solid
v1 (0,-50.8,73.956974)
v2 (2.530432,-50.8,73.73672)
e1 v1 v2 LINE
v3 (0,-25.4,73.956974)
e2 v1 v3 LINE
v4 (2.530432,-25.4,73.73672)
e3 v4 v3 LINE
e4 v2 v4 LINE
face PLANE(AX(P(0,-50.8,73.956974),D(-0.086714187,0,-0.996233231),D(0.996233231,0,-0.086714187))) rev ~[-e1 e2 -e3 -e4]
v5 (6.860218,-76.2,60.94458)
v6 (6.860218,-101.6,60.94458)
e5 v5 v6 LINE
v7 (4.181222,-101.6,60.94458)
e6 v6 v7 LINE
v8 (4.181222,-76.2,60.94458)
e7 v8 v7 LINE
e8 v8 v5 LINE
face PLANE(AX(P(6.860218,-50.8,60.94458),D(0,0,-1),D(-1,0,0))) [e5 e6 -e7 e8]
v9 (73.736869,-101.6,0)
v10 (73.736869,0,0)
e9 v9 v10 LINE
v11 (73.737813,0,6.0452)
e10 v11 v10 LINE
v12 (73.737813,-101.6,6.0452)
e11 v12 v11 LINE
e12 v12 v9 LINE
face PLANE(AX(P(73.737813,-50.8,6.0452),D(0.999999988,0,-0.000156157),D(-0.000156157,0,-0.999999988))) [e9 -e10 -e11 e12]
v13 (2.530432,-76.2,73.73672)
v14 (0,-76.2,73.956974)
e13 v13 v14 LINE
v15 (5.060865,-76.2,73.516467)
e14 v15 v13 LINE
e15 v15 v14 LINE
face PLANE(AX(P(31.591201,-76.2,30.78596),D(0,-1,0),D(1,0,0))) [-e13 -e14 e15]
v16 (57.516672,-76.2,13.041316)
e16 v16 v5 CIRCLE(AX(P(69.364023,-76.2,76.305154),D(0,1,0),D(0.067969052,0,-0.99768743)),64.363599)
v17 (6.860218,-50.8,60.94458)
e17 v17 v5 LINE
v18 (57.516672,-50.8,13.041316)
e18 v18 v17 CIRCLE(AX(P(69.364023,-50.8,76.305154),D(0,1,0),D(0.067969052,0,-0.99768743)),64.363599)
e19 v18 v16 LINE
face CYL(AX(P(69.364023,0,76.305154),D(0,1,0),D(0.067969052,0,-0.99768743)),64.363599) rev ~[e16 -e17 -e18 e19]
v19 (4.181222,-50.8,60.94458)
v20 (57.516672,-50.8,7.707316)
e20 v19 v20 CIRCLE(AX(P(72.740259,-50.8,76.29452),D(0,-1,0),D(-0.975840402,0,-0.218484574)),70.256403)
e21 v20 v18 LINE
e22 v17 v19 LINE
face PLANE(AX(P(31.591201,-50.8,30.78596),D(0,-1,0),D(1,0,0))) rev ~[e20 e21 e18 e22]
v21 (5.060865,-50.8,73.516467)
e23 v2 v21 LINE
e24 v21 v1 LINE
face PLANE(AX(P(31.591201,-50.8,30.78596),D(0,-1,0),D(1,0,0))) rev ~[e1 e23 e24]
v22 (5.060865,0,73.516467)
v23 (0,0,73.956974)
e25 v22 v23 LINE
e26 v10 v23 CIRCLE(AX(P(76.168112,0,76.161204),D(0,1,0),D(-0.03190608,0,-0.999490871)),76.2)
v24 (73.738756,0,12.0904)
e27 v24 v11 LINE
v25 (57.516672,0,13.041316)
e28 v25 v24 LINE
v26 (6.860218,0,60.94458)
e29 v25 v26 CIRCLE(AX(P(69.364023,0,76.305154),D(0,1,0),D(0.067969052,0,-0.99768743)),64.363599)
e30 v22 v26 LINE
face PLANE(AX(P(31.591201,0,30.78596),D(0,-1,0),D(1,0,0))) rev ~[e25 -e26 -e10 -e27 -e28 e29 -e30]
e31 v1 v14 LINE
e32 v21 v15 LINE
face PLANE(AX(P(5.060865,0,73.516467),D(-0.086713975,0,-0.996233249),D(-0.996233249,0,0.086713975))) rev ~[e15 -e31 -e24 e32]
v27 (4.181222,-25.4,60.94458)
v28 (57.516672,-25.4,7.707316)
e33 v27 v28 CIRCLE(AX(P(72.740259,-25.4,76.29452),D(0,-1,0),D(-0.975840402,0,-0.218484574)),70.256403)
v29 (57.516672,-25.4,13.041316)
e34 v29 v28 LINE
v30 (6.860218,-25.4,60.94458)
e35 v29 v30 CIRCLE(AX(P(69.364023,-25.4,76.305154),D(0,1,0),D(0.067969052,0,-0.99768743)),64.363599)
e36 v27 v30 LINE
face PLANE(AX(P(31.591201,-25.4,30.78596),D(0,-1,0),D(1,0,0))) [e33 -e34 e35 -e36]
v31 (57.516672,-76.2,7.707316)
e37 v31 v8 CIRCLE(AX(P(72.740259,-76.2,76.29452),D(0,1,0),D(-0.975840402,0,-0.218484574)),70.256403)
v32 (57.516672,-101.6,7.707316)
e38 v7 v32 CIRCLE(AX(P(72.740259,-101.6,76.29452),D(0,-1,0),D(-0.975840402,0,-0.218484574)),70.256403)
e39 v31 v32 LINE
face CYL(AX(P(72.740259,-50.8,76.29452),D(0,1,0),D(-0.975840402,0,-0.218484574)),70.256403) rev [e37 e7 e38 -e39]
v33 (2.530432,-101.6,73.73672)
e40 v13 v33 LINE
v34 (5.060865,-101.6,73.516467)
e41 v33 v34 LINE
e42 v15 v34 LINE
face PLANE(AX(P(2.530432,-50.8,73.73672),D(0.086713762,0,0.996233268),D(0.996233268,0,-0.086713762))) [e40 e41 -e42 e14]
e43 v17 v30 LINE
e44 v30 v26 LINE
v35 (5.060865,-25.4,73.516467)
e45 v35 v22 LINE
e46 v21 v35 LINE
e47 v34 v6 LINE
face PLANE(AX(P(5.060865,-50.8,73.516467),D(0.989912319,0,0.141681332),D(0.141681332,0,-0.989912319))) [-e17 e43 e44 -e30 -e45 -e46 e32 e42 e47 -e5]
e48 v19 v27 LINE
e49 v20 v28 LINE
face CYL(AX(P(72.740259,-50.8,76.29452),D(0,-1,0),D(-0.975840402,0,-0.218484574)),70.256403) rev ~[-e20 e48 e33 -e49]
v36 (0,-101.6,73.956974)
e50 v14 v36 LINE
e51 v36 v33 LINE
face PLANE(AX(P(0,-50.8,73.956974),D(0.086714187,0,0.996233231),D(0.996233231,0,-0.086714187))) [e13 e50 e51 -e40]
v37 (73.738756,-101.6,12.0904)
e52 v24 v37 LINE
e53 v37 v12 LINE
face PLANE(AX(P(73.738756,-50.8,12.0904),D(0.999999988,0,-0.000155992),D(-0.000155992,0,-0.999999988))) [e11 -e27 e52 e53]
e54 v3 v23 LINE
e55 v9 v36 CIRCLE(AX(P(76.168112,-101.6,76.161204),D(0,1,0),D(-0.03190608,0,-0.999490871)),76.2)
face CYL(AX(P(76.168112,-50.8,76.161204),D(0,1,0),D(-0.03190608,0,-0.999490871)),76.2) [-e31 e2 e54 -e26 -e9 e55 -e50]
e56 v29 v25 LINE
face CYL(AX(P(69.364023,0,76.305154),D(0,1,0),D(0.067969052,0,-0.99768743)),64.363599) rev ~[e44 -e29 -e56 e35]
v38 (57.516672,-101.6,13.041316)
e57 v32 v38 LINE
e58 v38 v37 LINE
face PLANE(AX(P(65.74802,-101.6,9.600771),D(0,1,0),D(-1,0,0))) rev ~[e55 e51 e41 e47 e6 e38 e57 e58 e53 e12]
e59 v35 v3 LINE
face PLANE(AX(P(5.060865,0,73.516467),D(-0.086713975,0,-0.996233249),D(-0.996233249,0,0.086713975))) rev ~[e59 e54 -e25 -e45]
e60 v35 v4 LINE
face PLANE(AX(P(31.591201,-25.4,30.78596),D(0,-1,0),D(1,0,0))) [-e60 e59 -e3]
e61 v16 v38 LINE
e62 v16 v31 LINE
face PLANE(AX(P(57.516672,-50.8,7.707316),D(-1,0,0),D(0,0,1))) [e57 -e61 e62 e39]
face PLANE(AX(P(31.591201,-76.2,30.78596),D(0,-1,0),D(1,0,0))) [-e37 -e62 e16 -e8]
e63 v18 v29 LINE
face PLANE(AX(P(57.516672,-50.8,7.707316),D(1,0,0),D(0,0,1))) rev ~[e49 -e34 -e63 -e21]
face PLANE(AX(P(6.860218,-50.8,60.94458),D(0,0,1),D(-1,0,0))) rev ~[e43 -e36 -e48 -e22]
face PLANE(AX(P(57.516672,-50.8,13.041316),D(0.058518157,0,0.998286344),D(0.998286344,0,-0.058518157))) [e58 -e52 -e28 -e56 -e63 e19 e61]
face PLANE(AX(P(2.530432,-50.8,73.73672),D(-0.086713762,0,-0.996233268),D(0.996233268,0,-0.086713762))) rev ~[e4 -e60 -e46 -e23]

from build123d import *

# Parameters (mm, degrees)
F1_DEPTH = 76.2
F2_DEPTH = 50.8
F4_DEPTH = 50.8
F5_DEPTH = 25.4
F6_DEPTH = 50.8


with BuildPart() as f1:
    # F0 (on Front) → F1 (new body)
    with BuildSketch(Plane.XZ):
        with BuildLine():
            Line((5.060865, 73.516467), (0, 73.956974))
            ThreePointArc((0, 73.956974), (22.2398, 22.393389), (73.736869, 0))
            Line((73.736869, 0), (73.738756, 12.0904))
            ThreePointArc((73.738756, 12.0904), (26.455464, 28.330906), (5.060865, 73.516467))
        make_face()
    extrude(amount=F1_DEPTH)

    # F0 (on Front) → F2 (cut)
    with BuildSketch(Plane.XZ):
        with BuildLine():
            Line((5.060865, 73.516467), (0, 73.956974))
            ThreePointArc((0, 73.956974), (22.2398, 22.393389), (73.736869, 0))
            Line((73.736869, 0), (73.738756, 12.0904))
            ThreePointArc((73.738756, 12.0904), (26.455464, 28.330906), (5.060865, 73.516467))
        make_face()
    extrude(amount=F2_DEPTH, mode=Mode.SUBTRACT)

    # F3 (on face) → F4 (join)
    with BuildSketch(Plane(origin=(0, -50.8, 0), x_dir=(-1, 0, 0), z_dir=(0, 1, 0))):
        with BuildLine():
            Line((-73.738756, 12.0904), (-73.737813, 6.0452))
            ThreePointArc((-73.737813, 6.0452), (-65.578858, 6.40406), (-57.516672, 7.707316))
            Line((-57.516672, 7.707316), (-57.516672, 13.041316))
            Line((-57.516672, 13.041316), (-73.738756, 12.0904))
        make_face()
        with BuildLine():
            ThreePointArc((-57.516672, 7.707316), (-65.578858, 6.40406), (-73.737813, 6.0452))
            Line((-73.737813, 6.0452), (-73.736869, 0))
            ThreePointArc((-73.736869, 0), (-22.206337, 22.360026), (0, 73.956974))
            Line((0, 73.956974), (-2.530432, 73.73672))
            ThreePointArc((-2.530432, 73.73672), (-3.061646, 67.302687), (-4.181222, 60.94458))
            ThreePointArc((-4.181222, 60.94458), (-23.10727, 26.569993), (-57.516672, 7.707316))
        make_face()
        with BuildLine():
            Line((-6.860218, 60.94458), (-4.181222, 60.94458))
            ThreePointArc((-4.181222, 60.94458), (-3.061646, 67.302687), (-2.530432, 73.73672))
            Line((-2.530432, 73.73672), (-5.060865, 73.516467))
            Line((-5.060865, 73.516467), (-6.860218, 60.94458))
        make_face()
    extrude(amount=F4_DEPTH)

    # F0 (on Front) → F5 (join)
    with BuildSketch(Plane.XZ):
        with BuildLine():
            Line((5.060865, 73.516467), (0, 73.956974))
            ThreePointArc((0, 73.956974), (22.2398, 22.393389), (73.736869, 0))
            Line((73.736869, 0), (73.738756, 12.0904))
            ThreePointArc((73.738756, 12.0904), (26.455464, 28.330906), (5.060865, 73.516467))
        make_face()
    extrude(amount=F5_DEPTH)

    # F3 (on face) → F6 (join)
    with BuildSketch(Plane(origin=(0, -50.8, 0), x_dir=(-1, 0, 0), z_dir=(0, 1, 0))):
        with BuildLine():
            Line((-73.738756, 12.0904), (-73.737813, 6.0452))
            ThreePointArc((-73.737813, 6.0452), (-65.578858, 6.40406), (-57.516672, 7.707316))
            Line((-57.516672, 7.707316), (-57.516672, 13.041316))
            Line((-57.516672, 13.041316), (-73.738756, 12.0904))
        make_face()
        with BuildLine():
            ThreePointArc((-57.516672, 7.707316), (-65.578858, 6.40406), (-73.737813, 6.0452))
            Line((-73.737813, 6.0452), (-73.736869, 0))
            ThreePointArc((-73.736869, 0), (-22.206337, 22.360026), (0, 73.956974))
            Line((0, 73.956974), (-2.530432, 73.73672))
            ThreePointArc((-2.530432, 73.73672), (-3.061646, 67.302687), (-4.181222, 60.94458))
            ThreePointArc((-4.181222, 60.94458), (-23.10727, 26.569993), (-57.516672, 7.707316))
        make_face()
        with BuildLine():
            Line((-6.860218, 60.94458), (-4.181222, 60.94458))
            ThreePointArc((-4.181222, 60.94458), (-3.061646, 67.302687), (-2.530432, 73.73672))
            Line((-2.530432, 73.73672), (-5.060865, 73.516467))
            Line((-5.060865, 73.516467), (-6.860218, 60.94458))
        make_face()
    extrude(amount=-F6_DEPTH)


solid = f1.part
